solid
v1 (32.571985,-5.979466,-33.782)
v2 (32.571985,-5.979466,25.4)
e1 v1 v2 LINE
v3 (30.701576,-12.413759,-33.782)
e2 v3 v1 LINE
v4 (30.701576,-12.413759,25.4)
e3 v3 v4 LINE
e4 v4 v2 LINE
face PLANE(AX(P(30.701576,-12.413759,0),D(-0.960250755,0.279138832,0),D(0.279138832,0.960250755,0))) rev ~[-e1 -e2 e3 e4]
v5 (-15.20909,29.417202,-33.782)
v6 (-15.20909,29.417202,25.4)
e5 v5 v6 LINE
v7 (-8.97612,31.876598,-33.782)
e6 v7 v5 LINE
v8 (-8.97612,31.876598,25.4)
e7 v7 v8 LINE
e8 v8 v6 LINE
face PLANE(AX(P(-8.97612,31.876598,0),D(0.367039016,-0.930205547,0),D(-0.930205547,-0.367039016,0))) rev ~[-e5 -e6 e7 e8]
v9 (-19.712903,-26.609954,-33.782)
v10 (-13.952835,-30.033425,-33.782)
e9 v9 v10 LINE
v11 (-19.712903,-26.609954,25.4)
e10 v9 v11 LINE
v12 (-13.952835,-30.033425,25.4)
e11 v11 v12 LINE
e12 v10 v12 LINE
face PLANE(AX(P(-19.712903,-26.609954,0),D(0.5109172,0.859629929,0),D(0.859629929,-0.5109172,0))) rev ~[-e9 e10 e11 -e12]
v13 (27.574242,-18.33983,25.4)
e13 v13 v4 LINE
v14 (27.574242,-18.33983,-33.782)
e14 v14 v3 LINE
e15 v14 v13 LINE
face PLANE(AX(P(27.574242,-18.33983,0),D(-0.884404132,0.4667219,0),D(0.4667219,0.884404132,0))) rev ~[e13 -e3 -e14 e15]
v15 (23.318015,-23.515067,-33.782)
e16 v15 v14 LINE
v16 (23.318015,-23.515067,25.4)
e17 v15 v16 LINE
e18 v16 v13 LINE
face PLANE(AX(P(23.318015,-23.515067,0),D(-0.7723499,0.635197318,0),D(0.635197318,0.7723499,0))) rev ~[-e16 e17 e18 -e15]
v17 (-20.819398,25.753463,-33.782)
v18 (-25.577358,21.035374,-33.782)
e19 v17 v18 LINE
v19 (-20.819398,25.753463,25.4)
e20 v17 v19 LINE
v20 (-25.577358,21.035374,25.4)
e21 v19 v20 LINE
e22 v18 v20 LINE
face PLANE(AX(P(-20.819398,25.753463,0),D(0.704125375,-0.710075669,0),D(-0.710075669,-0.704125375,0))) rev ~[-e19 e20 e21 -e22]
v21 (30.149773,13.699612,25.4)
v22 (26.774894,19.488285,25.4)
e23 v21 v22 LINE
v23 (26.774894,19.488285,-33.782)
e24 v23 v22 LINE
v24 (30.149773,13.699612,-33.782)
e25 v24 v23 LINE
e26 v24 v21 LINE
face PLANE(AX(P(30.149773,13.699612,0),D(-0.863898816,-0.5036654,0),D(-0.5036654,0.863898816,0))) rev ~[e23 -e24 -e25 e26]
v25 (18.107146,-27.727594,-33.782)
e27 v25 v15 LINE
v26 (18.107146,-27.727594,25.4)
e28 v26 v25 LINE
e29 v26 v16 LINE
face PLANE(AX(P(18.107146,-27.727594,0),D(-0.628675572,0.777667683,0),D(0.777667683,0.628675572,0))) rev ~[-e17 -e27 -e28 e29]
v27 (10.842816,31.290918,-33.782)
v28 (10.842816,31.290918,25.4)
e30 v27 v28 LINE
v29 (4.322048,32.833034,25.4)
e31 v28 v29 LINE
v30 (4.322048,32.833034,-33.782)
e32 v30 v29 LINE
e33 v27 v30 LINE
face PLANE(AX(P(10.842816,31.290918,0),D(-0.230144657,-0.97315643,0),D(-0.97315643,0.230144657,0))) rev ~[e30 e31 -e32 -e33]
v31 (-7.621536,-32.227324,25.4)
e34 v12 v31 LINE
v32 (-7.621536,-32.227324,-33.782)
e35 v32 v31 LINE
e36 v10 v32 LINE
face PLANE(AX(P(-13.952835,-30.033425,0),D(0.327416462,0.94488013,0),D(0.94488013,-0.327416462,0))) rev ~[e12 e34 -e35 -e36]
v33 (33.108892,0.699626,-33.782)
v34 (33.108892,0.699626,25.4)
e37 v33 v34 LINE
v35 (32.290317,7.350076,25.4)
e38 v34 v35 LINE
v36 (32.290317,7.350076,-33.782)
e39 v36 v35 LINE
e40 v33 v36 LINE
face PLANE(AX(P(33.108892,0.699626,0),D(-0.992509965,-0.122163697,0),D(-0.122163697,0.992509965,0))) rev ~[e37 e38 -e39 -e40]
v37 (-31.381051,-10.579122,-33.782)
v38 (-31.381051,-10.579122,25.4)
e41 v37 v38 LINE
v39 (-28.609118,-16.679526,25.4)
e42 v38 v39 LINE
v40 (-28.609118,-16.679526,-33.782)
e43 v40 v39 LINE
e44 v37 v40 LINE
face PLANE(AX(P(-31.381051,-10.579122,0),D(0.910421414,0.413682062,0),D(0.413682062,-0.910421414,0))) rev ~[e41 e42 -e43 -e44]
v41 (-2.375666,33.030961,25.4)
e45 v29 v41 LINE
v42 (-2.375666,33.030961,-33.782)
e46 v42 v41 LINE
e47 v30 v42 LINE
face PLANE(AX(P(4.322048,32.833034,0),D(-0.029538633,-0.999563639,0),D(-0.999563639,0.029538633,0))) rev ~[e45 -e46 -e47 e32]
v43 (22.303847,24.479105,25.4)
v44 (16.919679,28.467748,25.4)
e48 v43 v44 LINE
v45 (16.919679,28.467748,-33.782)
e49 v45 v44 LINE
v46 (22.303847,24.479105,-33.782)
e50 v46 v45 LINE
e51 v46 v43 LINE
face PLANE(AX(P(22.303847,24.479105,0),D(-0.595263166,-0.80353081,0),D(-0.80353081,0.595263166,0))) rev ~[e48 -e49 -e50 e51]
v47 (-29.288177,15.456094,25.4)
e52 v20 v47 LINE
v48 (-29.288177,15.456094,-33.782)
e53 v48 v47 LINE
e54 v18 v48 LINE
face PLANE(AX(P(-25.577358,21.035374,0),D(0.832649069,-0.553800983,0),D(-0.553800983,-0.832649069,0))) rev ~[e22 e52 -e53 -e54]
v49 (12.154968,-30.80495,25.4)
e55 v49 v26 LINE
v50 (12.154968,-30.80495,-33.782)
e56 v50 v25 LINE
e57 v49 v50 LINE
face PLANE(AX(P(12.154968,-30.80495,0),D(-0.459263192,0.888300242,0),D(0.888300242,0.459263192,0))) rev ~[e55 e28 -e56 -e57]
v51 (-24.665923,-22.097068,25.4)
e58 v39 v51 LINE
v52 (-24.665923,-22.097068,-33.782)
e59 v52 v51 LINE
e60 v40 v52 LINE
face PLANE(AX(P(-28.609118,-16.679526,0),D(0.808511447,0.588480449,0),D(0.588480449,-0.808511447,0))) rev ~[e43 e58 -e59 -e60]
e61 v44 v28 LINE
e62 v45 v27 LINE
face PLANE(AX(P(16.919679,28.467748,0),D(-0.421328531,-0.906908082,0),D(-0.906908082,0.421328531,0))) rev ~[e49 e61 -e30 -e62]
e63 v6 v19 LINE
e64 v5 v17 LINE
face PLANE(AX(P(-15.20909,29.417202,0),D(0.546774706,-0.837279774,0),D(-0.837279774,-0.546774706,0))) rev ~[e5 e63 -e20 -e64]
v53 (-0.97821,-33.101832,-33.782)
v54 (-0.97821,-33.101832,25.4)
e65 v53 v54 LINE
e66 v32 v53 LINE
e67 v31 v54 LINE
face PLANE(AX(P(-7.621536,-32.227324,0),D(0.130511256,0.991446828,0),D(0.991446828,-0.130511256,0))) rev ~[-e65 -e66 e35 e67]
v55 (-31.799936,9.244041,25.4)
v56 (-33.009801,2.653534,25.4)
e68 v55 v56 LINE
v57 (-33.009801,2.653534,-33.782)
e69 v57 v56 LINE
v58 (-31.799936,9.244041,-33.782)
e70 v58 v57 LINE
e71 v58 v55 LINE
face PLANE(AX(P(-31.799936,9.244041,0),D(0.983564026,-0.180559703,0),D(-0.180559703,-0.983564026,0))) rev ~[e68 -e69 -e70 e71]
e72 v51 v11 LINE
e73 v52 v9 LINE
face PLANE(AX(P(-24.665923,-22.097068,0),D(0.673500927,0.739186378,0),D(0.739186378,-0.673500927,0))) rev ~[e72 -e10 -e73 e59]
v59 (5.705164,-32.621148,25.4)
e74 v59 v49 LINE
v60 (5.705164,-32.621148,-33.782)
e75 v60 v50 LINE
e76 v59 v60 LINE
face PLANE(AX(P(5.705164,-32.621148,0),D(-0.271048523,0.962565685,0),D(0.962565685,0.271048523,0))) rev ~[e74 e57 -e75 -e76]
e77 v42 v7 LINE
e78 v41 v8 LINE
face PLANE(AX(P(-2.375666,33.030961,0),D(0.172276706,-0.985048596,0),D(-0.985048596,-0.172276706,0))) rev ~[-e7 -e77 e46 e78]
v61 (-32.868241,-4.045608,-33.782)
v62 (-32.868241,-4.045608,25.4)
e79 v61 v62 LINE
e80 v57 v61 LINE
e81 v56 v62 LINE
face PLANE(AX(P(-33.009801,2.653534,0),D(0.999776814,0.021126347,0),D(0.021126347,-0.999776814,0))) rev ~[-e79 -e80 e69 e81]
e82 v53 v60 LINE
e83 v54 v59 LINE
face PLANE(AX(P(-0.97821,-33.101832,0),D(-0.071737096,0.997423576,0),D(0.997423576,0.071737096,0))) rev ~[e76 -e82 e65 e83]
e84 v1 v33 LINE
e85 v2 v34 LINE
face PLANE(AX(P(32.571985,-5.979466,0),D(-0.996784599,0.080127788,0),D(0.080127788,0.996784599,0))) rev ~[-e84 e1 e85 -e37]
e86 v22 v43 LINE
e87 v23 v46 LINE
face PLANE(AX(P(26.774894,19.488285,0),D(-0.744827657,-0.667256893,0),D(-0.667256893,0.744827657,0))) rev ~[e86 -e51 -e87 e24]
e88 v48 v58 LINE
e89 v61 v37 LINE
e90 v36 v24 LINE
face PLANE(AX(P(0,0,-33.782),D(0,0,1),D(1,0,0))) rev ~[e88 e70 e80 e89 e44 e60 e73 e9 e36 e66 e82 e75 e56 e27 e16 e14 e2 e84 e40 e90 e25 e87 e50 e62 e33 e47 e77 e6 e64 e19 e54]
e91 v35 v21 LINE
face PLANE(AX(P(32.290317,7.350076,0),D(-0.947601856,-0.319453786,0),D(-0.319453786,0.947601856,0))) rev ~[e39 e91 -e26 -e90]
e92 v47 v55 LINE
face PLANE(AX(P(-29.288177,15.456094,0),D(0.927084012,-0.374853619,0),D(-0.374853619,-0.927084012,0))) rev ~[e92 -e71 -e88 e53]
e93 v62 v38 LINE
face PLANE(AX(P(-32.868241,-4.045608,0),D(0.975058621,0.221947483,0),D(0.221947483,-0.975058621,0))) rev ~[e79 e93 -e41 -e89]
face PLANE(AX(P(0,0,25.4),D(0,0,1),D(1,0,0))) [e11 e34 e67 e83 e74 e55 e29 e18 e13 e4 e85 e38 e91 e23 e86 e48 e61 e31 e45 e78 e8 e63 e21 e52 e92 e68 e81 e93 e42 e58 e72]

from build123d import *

# Parameters (mm, degrees)
F1_DEPTH      = 33.782
F1_DEPTH_BACK = 25.4


with BuildPart() as f1:
    # F0 (on Top) → F1 (new body, two sides)
    with BuildSketch(Plane.XY) as f1_sk:
        Polygon((18.1071458891, -27.7275939392), (23.3180151746, -23.5150667919), (27.5742421791, -18.3398300471), (30.7015764689, -12.4137585054), (32.5719846108, -5.979466232), (33.1088918757, 0.6996260916), (32.2903172171, 7.3500756408), (30.1497731777, 13.6996122296), (26.7748938819, 19.4882850841), (22.3038472847, 24.4791052575), (16.9196785591, 28.4677479855), (10.8428162052, 31.2909177661), (4.322047682, 32.8330336969), (-2.3756659812, 33.0309613704), (-8.9761196, 31.8765976044), (-15.2090898277, 29.4172021872), (-20.8193981308, 25.753463056), (-25.5773578283, 21.0353741214), (-29.2881774911, 15.4560944988), (-31.7999357262, 9.2440405513), (-33.0098008564, 2.6535344976), (-32.868240861, -4.0456075703), (-31.3810512229, -10.5791219889), (-28.6091176606, -16.6795259103), (-24.6659234598, -22.0970680811), (-19.7129034545, -26.6099536884), (-13.9528348656, -30.0334246652), (-7.6215355779, -32.2273237074), (-0.9782097282, -33.1018323305), (5.7051641428, -32.6211480486), (12.1549679234, -30.8049501329), align=None)
    extrude(amount=-F1_DEPTH)
    extrude(f1_sk.sketch, amount=F1_DEPTH_BACK)


solid = f1.part
